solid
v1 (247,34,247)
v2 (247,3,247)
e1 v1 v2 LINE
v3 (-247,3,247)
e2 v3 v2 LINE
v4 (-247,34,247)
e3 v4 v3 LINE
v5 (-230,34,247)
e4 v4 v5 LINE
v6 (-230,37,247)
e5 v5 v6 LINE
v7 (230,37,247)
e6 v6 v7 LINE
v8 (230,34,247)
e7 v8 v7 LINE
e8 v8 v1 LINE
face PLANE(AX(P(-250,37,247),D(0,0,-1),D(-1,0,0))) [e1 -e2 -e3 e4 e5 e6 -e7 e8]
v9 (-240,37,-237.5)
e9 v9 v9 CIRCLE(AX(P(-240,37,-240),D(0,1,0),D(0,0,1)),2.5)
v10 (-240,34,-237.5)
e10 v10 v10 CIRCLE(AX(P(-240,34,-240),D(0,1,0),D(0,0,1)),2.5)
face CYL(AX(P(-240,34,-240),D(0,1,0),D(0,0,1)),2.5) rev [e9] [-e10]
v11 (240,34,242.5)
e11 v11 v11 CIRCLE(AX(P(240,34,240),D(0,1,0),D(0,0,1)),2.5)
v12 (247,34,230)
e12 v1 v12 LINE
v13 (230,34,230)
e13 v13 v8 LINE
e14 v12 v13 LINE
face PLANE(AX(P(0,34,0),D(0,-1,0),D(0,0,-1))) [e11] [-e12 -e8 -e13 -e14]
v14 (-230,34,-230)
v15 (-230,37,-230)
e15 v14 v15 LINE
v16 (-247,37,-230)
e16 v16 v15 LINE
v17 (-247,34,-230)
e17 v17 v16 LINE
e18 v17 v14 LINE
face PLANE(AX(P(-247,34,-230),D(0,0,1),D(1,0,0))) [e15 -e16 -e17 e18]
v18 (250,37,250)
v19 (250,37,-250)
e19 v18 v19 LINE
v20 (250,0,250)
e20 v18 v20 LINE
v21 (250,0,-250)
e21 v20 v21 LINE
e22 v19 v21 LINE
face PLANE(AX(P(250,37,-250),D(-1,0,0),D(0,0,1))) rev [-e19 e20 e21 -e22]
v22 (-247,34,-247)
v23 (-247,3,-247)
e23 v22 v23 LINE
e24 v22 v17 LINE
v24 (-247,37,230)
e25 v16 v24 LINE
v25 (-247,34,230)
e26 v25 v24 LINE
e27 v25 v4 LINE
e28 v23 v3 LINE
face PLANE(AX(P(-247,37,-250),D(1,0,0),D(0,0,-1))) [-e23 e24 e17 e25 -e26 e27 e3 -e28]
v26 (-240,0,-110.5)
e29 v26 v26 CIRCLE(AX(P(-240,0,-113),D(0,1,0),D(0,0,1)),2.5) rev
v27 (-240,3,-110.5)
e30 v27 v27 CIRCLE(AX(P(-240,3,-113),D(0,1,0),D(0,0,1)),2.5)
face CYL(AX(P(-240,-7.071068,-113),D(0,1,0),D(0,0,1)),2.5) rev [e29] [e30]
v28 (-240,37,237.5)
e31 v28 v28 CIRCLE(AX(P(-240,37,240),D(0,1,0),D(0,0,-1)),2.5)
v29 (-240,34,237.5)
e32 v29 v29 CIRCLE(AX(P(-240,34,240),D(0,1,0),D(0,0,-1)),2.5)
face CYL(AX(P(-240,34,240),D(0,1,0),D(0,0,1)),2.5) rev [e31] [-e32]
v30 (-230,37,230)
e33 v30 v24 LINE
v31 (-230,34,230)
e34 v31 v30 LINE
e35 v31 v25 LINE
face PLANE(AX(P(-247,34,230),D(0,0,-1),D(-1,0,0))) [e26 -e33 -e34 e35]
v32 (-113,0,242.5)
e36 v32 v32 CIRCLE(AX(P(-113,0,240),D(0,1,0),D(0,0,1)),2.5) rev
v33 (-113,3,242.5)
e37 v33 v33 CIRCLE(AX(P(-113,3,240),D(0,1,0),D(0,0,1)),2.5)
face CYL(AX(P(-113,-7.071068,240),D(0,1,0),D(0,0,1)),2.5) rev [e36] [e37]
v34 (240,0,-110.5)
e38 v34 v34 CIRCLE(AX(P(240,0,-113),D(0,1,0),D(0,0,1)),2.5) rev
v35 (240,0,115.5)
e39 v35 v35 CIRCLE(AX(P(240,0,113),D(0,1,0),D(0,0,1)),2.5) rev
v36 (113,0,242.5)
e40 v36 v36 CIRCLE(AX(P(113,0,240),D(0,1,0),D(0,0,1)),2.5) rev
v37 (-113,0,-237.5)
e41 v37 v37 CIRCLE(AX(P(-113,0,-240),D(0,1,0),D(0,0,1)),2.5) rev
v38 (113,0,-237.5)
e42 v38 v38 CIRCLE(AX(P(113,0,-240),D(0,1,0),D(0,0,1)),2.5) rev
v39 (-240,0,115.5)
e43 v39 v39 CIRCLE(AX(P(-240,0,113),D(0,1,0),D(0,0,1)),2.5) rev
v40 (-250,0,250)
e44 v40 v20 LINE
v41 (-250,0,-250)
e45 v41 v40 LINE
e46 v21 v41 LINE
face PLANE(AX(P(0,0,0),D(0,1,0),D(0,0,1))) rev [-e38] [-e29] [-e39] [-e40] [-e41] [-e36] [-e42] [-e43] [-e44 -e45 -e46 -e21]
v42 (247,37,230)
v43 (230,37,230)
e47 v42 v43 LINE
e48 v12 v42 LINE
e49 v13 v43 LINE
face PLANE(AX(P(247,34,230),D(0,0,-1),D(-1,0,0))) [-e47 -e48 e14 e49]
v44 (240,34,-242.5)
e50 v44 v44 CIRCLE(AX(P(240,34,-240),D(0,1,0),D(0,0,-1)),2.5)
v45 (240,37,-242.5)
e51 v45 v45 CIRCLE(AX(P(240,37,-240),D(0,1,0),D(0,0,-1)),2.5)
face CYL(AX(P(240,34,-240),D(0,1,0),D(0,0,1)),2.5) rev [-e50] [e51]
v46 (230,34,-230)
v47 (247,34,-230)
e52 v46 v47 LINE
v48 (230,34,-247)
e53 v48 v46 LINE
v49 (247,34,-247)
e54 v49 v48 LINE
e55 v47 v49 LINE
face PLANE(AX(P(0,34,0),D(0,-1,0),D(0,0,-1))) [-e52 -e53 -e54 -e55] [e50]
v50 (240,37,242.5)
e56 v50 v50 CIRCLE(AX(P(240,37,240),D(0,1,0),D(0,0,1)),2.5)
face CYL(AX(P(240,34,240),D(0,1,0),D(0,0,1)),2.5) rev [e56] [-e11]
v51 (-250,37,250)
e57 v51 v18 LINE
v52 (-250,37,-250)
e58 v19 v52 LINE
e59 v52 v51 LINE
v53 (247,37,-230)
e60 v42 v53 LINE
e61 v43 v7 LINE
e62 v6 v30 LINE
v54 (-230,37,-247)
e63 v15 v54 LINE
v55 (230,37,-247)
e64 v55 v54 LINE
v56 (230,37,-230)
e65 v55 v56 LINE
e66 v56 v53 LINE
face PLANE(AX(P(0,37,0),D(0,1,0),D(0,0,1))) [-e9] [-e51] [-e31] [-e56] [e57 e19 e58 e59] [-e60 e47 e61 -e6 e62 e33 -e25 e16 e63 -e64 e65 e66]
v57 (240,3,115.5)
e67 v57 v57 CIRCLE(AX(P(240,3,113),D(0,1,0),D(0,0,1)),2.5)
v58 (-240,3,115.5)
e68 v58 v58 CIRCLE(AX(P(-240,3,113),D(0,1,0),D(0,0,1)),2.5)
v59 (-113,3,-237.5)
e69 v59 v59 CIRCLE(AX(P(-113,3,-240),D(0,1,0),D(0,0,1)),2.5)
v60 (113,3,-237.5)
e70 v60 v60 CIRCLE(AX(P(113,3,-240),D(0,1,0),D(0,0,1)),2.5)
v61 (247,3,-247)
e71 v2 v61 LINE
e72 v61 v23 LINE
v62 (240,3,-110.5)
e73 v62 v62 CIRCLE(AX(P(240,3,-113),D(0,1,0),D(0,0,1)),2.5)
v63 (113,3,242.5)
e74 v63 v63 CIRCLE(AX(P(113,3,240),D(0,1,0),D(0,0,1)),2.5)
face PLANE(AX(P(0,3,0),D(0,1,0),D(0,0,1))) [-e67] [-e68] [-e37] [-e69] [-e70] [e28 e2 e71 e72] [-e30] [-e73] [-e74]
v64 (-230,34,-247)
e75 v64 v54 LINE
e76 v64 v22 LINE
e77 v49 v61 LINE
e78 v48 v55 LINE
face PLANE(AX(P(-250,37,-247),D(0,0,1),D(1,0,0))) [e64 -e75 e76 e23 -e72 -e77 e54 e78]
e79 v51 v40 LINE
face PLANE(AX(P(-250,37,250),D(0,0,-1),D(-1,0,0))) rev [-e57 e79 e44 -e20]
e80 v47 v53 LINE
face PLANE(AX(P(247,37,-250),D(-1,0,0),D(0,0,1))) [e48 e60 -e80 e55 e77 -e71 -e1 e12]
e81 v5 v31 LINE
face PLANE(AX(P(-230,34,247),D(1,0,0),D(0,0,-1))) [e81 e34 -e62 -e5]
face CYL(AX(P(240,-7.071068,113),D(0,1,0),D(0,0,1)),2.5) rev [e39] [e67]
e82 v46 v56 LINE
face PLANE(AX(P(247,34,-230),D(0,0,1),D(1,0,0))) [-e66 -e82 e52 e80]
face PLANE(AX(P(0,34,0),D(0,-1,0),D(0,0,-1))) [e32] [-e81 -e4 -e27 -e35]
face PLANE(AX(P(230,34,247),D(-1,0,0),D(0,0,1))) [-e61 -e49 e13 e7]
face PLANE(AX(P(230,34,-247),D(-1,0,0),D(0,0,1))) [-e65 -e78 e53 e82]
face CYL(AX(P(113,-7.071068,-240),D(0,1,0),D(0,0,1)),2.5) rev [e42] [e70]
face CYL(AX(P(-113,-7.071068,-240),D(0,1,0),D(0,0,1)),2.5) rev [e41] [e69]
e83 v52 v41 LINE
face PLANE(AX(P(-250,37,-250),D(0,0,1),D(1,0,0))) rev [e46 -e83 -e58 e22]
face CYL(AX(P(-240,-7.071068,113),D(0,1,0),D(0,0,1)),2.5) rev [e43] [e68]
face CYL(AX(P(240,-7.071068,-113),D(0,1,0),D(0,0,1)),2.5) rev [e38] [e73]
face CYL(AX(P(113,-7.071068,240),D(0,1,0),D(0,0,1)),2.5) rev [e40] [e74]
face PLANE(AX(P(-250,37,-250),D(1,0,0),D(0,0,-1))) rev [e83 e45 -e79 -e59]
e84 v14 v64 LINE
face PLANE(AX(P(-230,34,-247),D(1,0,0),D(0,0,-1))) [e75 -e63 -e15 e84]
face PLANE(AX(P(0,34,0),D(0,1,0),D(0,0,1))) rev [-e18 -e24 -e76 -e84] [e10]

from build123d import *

# Parameters (mm, degrees)
SKETCH1_W           = 500
SKETCH1_H           = 500
BOSS_EXTRUDE1_DEPTH = 37
SHELL1_T            = -3
SKETCH3_R           = 2.5
CUT_EXTRUDE1_DEPTH  = 37
SKETCH4_W           = 17
SKETCH4_H           = 17
BOSS_EXTRUDE2_DEPTH = 3
SKETCH5_R           = 2.5
CUT_EXTRUDE2_DEPTH  = 3


with BuildPart() as part:
    # Sketch1 → Boss-Extrude1 (new body)
    with BuildSketch(Plane(origin=(0, 0, 0), x_dir=(1, 0, 0), z_dir=(0, 1, 0))):
        Rectangle(SKETCH1_W, SKETCH1_H)
    extrude(amount=BOSS_EXTRUDE1_DEPTH)

    # Shell1
    shell1_openings = [part.faces().sort_by_distance(p)[0] for p in [
        (0, 37, 0),
    ]]
    offset(amount=SHELL1_T, openings=shell1_openings, kind=Kind.INTERSECTION)

    # Sketch3 → Cut-Extrude1 (cut)
    with BuildSketch(Plane(origin=(0, 37, 0), x_dir=(1, 0, 0), z_dir=(0, 1, 0))):
        with Locations(Location((113, -240, 0), (0, 0, 270))):
            Circle(SKETCH3_R)
        with Locations(Location((-113, -240, 0), (0, 0, 270))):
            Circle(SKETCH3_R)
        with Locations(Location((240, 113, 0), (0, 0, 270))):
            Circle(SKETCH3_R)
        with Locations(Location((240, -113, 0), (0, 0, 270))):
            Circle(SKETCH3_R)
        with Locations(Location((-240, -113, 0), (0, 0, 270))):
            Circle(SKETCH3_R)
        with Locations(Location((-240, 113, 0), (0, 0, 270))):
            Circle(SKETCH3_R)
        with Locations(Location((-113, 240, 0), (0, 0, 270))):
            Circle(SKETCH3_R)
        with Locations(Location((113, 240, 0), (0, 0, 270))):
            Circle(SKETCH3_R)
    extrude(amount=-CUT_EXTRUDE1_DEPTH, mode=Mode.SUBTRACT)

    # Sketch4 → Boss-Extrude2 (add)
    with BuildSketch(Plane(origin=(0, 37, 0), x_dir=(1, 0, 0), z_dir=(0, 1, 0))):
        with Locations((-238.5, 238.5)):
            Rectangle(SKETCH4_W, SKETCH4_H)
        with Locations((238.5, 238.5)):
            Rectangle(SKETCH4_W, SKETCH4_H)
        with Locations((238.5, -238.5)):
            Rectangle(SKETCH4_W, SKETCH4_H)
        with Locations((-238.5, -238.5)):
            Rectangle(SKETCH4_W, SKETCH4_H)
    extrude(amount=-BOSS_EXTRUDE2_DEPTH)

    # Sketch5 → Cut-Extrude2 (cut)
    with BuildSketch(Plane(origin=(0, 37, 0), x_dir=(1, 0, 0), z_dir=(0, 1, 0))):
        with Locations(Location((-240, 240, 0), (0, 0, 270))):
            Circle(SKETCH5_R)
        with Locations(Location((240, 240, 0), (0, 0, 90))):
            Circle(SKETCH5_R)
        with Locations(Location((240, -240, 0), (0, 0, 270))):
            Circle(SKETCH5_R)
        with Locations(Location((-240, -240, 0), (0, 0, 90))):
            Circle(SKETCH5_R)
    extrude(amount=-CUT_EXTRUDE2_DEPTH, mode=Mode.SUBTRACT)


solid = part.part
